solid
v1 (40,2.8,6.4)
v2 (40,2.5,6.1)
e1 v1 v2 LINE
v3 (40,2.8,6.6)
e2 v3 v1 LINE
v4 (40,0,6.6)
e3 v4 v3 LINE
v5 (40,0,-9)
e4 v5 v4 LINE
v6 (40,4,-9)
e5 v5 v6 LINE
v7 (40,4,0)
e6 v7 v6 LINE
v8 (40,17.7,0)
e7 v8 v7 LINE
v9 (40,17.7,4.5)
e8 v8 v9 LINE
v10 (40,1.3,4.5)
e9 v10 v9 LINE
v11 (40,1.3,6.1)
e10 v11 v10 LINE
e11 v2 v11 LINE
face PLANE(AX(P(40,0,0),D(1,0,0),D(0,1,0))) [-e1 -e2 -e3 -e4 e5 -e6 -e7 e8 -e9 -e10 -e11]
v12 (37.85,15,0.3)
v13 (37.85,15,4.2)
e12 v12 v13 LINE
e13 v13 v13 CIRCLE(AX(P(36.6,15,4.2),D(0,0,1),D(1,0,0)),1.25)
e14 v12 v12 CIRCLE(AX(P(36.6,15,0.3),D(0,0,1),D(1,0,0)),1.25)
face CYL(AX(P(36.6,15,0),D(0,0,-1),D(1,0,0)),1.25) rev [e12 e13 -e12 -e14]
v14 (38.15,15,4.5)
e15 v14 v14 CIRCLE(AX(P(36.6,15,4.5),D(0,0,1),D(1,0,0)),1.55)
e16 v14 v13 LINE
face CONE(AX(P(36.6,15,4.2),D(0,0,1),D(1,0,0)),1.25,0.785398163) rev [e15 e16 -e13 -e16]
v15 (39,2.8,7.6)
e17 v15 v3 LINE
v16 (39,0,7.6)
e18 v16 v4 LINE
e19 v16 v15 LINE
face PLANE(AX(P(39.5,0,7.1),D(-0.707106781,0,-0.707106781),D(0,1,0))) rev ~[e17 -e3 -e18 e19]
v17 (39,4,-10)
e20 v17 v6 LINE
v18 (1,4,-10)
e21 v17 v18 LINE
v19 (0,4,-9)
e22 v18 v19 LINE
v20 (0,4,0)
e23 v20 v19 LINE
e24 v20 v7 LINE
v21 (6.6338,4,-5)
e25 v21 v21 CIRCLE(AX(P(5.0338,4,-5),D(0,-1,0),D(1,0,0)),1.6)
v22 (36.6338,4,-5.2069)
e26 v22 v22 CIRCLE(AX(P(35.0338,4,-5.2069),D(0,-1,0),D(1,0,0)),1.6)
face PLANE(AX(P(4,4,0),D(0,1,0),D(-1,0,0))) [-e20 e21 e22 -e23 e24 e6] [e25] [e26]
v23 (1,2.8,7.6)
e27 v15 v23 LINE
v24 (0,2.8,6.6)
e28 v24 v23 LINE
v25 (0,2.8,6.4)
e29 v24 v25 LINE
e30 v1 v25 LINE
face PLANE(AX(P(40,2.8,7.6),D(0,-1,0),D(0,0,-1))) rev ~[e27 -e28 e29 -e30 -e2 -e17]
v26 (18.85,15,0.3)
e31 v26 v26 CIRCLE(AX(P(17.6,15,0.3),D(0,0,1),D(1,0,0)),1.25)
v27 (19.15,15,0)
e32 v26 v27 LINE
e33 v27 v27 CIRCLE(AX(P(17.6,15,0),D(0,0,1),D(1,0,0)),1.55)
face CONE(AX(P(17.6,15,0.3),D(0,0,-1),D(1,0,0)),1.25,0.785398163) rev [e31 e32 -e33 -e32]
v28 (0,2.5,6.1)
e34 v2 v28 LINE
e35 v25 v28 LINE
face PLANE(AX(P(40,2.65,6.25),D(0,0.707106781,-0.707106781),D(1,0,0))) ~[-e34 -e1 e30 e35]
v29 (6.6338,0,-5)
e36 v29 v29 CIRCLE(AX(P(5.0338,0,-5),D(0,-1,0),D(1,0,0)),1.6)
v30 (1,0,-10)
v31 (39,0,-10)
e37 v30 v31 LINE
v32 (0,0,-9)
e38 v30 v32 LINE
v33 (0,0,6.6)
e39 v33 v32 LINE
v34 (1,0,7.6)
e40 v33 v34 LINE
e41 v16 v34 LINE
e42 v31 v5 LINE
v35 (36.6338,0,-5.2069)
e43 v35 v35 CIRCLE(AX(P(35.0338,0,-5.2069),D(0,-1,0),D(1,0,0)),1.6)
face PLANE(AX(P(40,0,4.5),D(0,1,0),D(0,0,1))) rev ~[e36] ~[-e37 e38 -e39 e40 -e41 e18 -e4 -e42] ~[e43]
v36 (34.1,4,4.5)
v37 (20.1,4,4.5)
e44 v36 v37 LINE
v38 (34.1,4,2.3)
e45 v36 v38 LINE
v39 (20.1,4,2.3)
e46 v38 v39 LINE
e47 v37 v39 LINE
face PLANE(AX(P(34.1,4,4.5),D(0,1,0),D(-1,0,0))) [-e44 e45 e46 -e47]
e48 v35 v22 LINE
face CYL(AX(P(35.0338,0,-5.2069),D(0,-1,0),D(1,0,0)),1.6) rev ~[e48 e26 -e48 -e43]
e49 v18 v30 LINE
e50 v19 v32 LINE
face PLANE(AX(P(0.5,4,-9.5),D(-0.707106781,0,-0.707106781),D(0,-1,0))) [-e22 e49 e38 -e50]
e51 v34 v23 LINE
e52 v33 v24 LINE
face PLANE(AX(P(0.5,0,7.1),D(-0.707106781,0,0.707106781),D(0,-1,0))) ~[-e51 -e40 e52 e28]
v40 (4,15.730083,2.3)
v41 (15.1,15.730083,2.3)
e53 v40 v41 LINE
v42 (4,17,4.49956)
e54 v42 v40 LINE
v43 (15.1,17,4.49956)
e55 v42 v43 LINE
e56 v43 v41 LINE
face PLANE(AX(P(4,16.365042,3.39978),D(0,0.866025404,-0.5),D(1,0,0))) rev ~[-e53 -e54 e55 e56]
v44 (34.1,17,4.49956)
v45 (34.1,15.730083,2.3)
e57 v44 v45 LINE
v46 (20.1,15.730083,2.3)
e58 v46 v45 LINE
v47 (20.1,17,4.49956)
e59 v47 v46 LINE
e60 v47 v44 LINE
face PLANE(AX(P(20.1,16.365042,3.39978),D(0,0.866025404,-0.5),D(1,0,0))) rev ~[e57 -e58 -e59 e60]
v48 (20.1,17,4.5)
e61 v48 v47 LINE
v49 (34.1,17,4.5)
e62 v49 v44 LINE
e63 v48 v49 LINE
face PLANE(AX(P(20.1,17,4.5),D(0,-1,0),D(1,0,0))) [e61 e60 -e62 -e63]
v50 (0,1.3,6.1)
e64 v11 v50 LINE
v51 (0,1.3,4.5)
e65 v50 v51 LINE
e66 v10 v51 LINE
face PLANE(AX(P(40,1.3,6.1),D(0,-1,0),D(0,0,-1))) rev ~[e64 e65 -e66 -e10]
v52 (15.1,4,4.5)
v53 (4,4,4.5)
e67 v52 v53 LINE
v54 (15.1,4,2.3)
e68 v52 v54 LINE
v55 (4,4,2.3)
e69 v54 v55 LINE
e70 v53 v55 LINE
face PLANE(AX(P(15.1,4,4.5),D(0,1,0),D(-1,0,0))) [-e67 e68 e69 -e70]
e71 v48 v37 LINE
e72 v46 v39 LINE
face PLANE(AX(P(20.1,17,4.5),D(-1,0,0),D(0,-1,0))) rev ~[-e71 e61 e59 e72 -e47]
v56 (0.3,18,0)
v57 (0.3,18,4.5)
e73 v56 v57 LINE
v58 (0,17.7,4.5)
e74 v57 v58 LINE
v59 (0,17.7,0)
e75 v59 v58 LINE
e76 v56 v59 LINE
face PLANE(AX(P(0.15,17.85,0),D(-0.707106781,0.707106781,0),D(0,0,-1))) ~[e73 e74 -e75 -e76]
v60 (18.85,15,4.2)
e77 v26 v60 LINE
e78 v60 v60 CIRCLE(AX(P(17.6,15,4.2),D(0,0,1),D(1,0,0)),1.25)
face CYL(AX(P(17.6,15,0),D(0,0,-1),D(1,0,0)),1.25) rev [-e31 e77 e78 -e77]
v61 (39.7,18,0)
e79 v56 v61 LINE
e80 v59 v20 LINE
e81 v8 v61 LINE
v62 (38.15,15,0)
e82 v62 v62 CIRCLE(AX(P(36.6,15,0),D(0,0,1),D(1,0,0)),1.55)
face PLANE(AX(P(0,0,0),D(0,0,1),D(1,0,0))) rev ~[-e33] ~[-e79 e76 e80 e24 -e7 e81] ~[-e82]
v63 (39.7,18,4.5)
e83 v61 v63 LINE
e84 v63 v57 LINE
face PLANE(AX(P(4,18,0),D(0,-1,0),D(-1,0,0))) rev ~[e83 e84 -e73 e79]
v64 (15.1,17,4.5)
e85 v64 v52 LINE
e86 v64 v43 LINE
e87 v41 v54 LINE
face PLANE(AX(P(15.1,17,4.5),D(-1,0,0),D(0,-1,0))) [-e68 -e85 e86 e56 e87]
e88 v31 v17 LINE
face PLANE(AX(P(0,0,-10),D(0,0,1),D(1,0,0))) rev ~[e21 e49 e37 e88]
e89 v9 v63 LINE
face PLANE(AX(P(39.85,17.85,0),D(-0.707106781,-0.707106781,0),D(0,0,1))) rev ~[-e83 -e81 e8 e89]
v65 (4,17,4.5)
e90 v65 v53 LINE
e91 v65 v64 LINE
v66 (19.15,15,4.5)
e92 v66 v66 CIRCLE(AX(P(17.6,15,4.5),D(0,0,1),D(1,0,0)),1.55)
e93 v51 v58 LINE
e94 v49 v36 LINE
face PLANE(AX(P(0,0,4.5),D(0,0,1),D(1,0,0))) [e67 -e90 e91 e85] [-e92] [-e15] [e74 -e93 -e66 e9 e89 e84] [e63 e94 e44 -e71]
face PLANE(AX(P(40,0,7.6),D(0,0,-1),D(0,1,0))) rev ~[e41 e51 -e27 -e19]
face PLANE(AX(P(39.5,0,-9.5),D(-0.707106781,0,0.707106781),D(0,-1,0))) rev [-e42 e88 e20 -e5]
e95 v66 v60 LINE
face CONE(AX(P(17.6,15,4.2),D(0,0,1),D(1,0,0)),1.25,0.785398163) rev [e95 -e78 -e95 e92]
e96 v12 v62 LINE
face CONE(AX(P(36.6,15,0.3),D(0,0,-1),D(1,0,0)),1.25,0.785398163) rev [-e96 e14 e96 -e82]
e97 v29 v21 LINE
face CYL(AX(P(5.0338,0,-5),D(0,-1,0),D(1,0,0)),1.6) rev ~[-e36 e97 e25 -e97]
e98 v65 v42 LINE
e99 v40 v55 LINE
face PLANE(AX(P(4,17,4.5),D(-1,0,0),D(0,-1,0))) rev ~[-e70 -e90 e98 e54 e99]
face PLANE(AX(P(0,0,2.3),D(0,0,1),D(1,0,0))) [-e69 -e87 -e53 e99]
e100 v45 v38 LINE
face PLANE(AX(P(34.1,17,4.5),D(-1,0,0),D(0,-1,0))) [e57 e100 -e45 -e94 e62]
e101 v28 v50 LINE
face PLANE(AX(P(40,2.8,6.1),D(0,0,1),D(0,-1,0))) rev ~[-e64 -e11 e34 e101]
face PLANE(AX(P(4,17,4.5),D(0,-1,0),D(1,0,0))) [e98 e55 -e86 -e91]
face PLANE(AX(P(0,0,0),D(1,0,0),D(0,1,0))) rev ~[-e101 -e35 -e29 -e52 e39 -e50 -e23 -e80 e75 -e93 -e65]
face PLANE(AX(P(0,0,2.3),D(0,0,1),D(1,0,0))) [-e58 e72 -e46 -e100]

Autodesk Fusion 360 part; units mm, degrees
sketch "Skizze1" plane through (0, 0, 0) normal (0, 0, 1) x (1, 0, 0)
  line L0 (0, 0) -> (40, 0)
  line L1 (40, 0) -> (40, 18)
  line L2 (40, 18) -> (0, 18)
  line L3 (0, 18) -> (0, 0)
  circle A0 centre (36.6, 15) radius 1.25
  circle A1 centre (17.6, 15) radius 1.25
  line L4 (36.6, 15) -> (17.6, 15) construction
  line L5 (0, 0) -> (40, 0)
  line L6 (40, 0) -> (40, 4)
  line L7 (40, 4) -> (0, 4)
  line L8 (0, 4) -> (0, 0)
  line L9 (0, 18) -> (4, 18)
  line L10 (4, 18) -> (4, 0)
  line L11 (4, 0) -> (0, 0)
  line L12 (0, 0) -> (0, 18)
  line L13 (17.6, 18) -> (17.6, 4) construction
  line L14 (36.6, 18) -> (36.6, 4) construction
  line L15 (15.1, 18) -> (15.1, 4)
  line L16 (34.1, 18) -> (34.1, 4)
  line L17 (20.1, 18) -> (20.1, 4)
  line L18 (4, 17) -> (40, 17)
  dimension "d1" = 40
  dimension "d2" = 18
  dimension "d3" = 19
  dimension "d4" = 2.5
  dimension "d5" = 3
  dimension "d6" = 3.4
  dimension "d7" = 4
  dimension "d8" = 2.5
  dimension "d9" = 5
  dimension "d17" = 1
  dimension "d36" = 4
extrude "Extrusion1" add sketch "Skizze1" along normal blind 4.5
extrude "Extrusion2" cut sketch "Skizze1" against normal blind 2.2 from surface at 4.5 contours L7 L10 L15 L18 | L7 L16 L17 L18
extrude "Extrusion3" add sketch "Skizze1" against normal blind 10 contours L0 L3 L5 L7 L8 L10 L11 L12 | L0 L1 L5 L6 L7 L10
sketch "Skizze2" plane through (0, 0, 0) normal (0, -1, 0) x (1, 0, 0)
  line L0 (40, -10) -> (40, 4.5)
  line L1 (40, 4.5) -> (0, 4.5)
  line L2 (0, 4.5) -> (0, -10)
  line L3 (0, -10) -> (40, -10)
  line L4 (20, -10) -> (20.1, 4.5) construction
  line L5 (40, 0) -> (0, 0) construction
  circle A0 centre (5.0338, -5) radius 1.6
  circle A1 centre (35.0338, -5.2069) radius 1.6
  point P0 (20.1, 4.5)
  dimension "d18" = 3.2
  dimension "d19" = 5
  dimension "d35" = 30
extrude "Extrusion4" cut sketch "Skizze2" against normal through all contours A0 | A1
chamfer "Fase1" distance 2.2 angle 30 2 edges at (9.55, 17, 2.3) (27.1, 17, 2.3) measured on face at (7.7, 17, 3.7667) measured on face at (24.7667, 17, 3.7667)
sketch "Skizze3" plane through (40, 0, 0) normal (1, 0, 0) x (0, 1, 0)
  line L0 (4, 0) -> (18, 0)
  line L1 (18, 0) -> (18, 4.5)
  line L2 (18, 4.5) -> (0, 4.5)
  line L3 (0, 4.5) -> (0, -10)
  line L4 (0, -10) -> (4, -10)
  line L5 (4, -10) -> (4, 0)
  line L6 (0, 4.5) -> (0, 7.6)
  line L7 (0, 7.6) -> (2.8, 7.6)
  line L8 (2.8, 7.6) -> (2.8, 6.1)
  line L9 (2.8, 6.1) -> (1.3, 6.1)
  line L10 (1.3, 6.1) -> (1.3, 4.5)
  point P0 (18, 4.5)
  dimension "d23" = 16.7
  dimension "d24" = 1.6
  dimension "d25" = 1.5
  dimension "d26" = 1.5
extrude "Extrusion5" add sketch "Skizze3" against normal blind 40 contours L2 L6 L7 L8 L9 L10
chamfer "Fase2" distance 1 angle 45 4 edges at (0, 2, -10) (40, 2, -10) (40, 1.4, 7.6) (0, 1.4, 7.6) measured on face at (13.3333, 2.6667, -10) measured on face at (13.3333, 2.6667, -10) measured on face at (26.6667, 0.9333, 7.6) measured on face at (0, 7.7667, 3)
chamfer "Fase2" distance 0.3 angle 45 3 edges at (20, 2.8, 6.1) (40, 18, 2.25) (0, 18, 2.25) measured on face at (26.6667, 2.8, 7.1) measured on face at (40, 7.7667, 3) measured on face at (26.6667, 18, 1.5)
chamfer "Fase2" distance 0.3 angle 45 4 edges at (16.4346, 15.452, 4.5) (35.4346, 15.452, 4.5) (35.4346, 15.452, 0) (16.4346, 15.452, 0) measured on face at (37.0522, 6.3788, 4.5) measured on face at (37.0522, 6.3788, 4.5) measured on face at (37.8484, 14.9377, 3) measured on face at (18.8484, 14.9377, 3)
